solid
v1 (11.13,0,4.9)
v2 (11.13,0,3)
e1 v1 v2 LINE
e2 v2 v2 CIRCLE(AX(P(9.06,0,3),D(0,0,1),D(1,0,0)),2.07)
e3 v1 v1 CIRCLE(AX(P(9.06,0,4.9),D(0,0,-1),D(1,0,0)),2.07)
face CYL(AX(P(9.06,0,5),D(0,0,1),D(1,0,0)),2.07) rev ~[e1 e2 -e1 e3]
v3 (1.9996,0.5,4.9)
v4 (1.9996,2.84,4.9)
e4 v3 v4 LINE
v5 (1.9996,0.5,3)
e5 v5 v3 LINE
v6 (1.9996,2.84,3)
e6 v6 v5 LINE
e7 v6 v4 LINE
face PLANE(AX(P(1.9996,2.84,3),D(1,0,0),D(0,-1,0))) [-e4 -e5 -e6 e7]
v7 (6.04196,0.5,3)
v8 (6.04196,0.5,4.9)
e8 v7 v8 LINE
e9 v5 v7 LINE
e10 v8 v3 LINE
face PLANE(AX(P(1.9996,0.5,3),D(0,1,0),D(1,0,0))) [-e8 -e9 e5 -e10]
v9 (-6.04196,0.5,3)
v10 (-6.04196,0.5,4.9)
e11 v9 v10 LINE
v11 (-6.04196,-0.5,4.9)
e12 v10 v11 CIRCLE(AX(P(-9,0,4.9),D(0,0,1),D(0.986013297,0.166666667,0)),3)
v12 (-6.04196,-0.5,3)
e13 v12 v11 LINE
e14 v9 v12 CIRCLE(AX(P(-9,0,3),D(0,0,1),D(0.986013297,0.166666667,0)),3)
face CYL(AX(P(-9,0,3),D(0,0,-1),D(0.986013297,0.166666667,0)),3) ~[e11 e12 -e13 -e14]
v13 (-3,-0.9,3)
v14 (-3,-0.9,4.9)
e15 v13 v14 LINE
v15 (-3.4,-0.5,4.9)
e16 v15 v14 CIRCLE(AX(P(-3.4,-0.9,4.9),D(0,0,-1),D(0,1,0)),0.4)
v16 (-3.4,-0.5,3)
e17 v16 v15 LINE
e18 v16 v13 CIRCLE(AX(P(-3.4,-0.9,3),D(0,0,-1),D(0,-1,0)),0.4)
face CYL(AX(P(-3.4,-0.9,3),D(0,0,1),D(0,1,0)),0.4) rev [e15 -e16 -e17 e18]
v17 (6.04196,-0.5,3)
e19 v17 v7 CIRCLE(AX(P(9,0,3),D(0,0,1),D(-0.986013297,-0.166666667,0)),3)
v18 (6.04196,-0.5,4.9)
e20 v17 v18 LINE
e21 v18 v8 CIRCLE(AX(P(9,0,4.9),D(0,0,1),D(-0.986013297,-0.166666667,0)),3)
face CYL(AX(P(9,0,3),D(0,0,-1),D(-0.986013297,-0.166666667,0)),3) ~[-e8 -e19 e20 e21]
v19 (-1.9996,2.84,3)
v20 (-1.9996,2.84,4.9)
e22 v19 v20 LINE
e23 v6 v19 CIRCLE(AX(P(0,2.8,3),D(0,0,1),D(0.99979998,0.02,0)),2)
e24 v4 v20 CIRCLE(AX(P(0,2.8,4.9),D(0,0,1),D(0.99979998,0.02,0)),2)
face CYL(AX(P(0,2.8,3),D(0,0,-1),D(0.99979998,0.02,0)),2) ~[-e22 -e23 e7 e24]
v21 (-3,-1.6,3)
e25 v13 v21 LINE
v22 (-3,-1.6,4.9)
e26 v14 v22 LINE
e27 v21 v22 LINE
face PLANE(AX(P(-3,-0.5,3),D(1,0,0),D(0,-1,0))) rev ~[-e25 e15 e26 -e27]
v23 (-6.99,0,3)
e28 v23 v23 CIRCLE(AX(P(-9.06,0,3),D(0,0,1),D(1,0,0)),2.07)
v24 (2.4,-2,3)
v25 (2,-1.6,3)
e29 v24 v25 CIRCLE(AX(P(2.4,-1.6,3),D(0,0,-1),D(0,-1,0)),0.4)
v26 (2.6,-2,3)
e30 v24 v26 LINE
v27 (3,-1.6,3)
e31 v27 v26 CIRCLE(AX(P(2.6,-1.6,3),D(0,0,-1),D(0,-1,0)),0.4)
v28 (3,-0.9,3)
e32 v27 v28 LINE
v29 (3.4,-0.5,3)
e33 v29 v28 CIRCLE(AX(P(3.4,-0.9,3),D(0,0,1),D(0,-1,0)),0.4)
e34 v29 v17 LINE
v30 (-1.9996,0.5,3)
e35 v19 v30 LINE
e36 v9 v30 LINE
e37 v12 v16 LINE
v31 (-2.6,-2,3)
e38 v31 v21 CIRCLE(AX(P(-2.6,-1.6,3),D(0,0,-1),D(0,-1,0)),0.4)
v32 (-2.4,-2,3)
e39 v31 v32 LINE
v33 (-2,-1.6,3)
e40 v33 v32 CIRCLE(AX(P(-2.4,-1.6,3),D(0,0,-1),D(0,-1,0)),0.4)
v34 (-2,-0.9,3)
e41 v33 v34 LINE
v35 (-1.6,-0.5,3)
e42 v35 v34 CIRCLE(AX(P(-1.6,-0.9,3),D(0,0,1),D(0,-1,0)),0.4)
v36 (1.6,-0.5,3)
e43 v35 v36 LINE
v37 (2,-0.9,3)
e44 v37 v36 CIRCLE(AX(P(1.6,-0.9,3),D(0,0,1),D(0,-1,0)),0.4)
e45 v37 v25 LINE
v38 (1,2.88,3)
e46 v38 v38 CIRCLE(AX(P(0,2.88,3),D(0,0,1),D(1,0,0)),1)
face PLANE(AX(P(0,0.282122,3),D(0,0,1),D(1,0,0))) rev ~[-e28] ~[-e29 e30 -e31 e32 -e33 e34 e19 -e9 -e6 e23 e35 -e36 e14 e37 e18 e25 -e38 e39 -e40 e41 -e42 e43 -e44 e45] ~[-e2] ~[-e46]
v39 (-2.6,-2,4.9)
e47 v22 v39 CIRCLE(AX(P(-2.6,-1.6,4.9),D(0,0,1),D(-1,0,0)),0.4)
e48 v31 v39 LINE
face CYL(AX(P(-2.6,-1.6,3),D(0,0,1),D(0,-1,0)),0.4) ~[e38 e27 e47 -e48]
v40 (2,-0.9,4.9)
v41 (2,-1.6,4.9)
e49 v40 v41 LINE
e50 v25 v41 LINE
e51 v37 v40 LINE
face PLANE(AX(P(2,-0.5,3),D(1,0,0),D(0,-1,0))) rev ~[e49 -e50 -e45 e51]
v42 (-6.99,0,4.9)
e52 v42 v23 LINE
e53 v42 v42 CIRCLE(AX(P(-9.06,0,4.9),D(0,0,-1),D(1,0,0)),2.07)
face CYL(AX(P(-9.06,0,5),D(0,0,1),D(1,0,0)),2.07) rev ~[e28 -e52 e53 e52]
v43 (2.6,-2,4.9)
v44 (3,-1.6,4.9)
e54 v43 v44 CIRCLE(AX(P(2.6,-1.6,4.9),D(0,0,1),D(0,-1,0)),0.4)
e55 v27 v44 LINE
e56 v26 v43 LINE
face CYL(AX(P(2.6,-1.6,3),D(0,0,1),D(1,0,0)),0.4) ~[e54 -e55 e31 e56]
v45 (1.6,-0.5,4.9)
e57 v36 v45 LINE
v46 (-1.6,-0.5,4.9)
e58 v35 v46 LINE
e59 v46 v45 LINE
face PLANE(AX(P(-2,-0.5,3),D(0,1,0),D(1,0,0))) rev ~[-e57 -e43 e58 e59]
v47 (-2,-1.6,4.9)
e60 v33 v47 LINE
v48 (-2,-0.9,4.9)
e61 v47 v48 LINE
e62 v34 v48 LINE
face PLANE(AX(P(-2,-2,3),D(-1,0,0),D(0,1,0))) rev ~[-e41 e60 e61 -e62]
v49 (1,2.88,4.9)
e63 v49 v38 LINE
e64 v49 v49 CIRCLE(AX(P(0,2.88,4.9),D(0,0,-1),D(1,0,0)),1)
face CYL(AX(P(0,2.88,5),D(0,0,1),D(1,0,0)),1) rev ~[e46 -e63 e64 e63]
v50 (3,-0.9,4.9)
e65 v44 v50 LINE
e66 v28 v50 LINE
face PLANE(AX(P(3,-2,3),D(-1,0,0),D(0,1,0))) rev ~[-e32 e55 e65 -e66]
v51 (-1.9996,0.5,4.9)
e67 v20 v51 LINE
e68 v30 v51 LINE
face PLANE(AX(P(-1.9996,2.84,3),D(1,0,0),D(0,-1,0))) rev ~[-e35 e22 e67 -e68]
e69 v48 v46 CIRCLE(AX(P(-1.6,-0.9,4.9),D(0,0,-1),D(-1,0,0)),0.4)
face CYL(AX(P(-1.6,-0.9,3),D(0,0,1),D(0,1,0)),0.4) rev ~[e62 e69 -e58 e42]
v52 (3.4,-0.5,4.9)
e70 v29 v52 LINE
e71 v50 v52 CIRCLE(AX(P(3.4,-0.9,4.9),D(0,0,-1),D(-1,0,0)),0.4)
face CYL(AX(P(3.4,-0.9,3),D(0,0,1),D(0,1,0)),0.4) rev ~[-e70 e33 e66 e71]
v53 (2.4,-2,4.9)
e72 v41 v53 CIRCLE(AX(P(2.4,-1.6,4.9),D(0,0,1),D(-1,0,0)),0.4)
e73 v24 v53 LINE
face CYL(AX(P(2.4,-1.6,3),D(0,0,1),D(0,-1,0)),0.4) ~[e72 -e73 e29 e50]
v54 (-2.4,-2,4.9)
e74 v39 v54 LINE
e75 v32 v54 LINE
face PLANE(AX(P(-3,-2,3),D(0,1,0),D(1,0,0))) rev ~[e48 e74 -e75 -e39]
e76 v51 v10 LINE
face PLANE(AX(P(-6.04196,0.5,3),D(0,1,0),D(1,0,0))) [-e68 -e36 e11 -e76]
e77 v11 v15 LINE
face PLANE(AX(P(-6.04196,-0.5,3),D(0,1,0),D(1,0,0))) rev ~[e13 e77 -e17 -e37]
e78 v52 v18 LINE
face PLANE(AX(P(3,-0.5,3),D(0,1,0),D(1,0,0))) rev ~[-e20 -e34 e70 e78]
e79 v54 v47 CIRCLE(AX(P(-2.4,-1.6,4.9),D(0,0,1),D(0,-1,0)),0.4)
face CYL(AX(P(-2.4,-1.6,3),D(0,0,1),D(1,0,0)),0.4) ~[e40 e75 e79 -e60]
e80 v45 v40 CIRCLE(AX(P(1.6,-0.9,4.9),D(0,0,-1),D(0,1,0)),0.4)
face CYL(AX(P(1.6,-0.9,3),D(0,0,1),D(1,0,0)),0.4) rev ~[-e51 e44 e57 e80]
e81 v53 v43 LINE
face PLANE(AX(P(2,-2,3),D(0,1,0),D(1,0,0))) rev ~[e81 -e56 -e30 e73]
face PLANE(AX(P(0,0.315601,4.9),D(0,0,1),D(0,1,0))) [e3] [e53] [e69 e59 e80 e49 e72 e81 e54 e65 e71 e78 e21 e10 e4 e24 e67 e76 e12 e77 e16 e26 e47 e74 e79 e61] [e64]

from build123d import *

# Parameters (mm, degrees)
PAD001_DEPTH        = 2
SKETCH008_R         = 1
POCKET006_DEPTH     = 5
SKETCH010_R         = 2.07
POCKET007_DEPTH     = 2
FILLET002_R         = 0.4
FILLET002_FACE5_R   = 2.07
FILLET002_FACE5_R_2 = 1
POCKET011_DEPTH     = 0.1


with BuildPart() as part:
    # Sketch007 → Pad001 (new body)
    with BuildSketch(Plane.XY):
        with BuildLine():
            ThreePointArc((6.0419601085, -0.5), (12, 0), (6.0419601085, 0.5))
            Line((1.99959996, 0.5), (6.0419601085, 0.5))
            Line((1.99959996, 2.84), (1.99959996, 0.5))
            ThreePointArc((1.99959996, 2.84), (0, 4.8), (-1.99959996, 2.84))
            Line((-1.99959996, 2.84), (-1.99959996, 0.5))
            Line((-6.0419601085, 0.5), (-1.99959996, 0.5))
            ThreePointArc((-6.0419601085, 0.5), (-12, 0), (-6.0419601085, -0.5))
            Line((-6.0419601085, -0.5), (-3, -0.5))
            Line((-3, -0.5), (-3, -2))
            Line((-3, -2), (-2, -2))
            Line((-2, -2), (-2, -0.5))
            Line((-2, -0.5), (2, -0.5))
            Line((2, -0.5), (2, -2))
            Line((2, -2), (3, -2))
            Line((3, -2), (3, -0.5))
            Line((3, -0.5), (6.0419601085, -0.5))
        make_face()
    extrude(amount=PAD001_DEPTH)

    # Sketch008 (on Face18 of Pad001) → Pocket006 (cut)
    with BuildSketch(Plane.XY.offset(2)):
        with Locations((0, 2.88)):
            Circle(SKETCH008_R)
    extrude(amount=-POCKET006_DEPTH, mode=Mode.SUBTRACT)

    # Sketch010 (on Face5 of Pocket006) → Pocket007 (cut)
    with BuildSketch(Plane.XY.offset(2)):
        with Locations((-9.06, 0)):
            Circle(SKETCH010_R)
        with Locations((9.06, 0)):
            Circle(SKETCH010_R)
    extrude(amount=-POCKET007_DEPTH, mode=Mode.SUBTRACT)

    # Fillet002
    fillet002_edges = [part.edges().sort_by_distance(p)[0] for p in [
        (-3, -2, 1),
        (-2, -2, 1),
        (-3, -0.5, 1),
        (-2, -0.5, 1),
        (2, -0.5, 1),
        (2, -2, 1),
        (3, -2, 1),
        (3, -0.5, 1),
    ]]
    fillet(fillet002_edges, radius=FILLET002_R)

    # Fillet002 Face5 → Pocket011 (cut)
    with BuildSketch(Plane(origin=(0, 0.4471888212, 2), x_dir=(0, 1, 0), z_dir=(0, 0, 1))):
        with BuildLine():
            Line((-0.9471888212, 6.0419601085), (-0.9471888212, 3.4))
            ThreePointArc((-0.9471888212, 3.4), (-1.0643461087, 3.1171572875), (-1.3471888212, 3))
            Line((-1.3471888212, 3), (-2.0471888212, 3))
            ThreePointArc((-2.0471888212, 3), (-2.3300315337, 2.8828427125), (-2.4471888212, 2.6))
            Line((-2.4471888212, 2.6), (-2.4471888212, 2.4))
            ThreePointArc((-2.4471888212, 2.4), (-2.3300315337, 2.1171572875), (-2.0471888212, 2))
            Line((-2.0471888212, 2), (-1.3471888212, 2))
            ThreePointArc((-1.3471888212, 2), (-1.0643461087, 1.8828427125), (-0.9471888212, 1.6))
            Line((-0.9471888212, 1.6), (-0.9471888212, -1.6))
            ThreePointArc((-0.9471888212, -1.6), (-1.0643461087, -1.8828427125), (-1.3471888212, -2))
            Line((-1.3471888212, -2), (-2.0471888212, -2))
            ThreePointArc((-2.0471888212, -2), (-2.3300315337, -2.1171572875), (-2.4471888212, -2.4))
            Line((-2.4471888212, -2.4), (-2.4471888212, -2.6))
            ThreePointArc((-2.4471888212, -2.6), (-2.3300315337, -2.8828427125), (-2.0471888212, -3))
            Line((-2.0471888212, -3), (-1.3471888212, -3))
            ThreePointArc((-1.3471888212, -3), (-1.0643461087, -3.1171572875), (-0.9471888212, -3.4))
            Line((-0.9471888212, -3.4), (-0.9471888212, -6.0419601085))
            ThreePointArc((-0.9471888212, -6.0419601085), (-0.4471888212, -12), (0.0528111788, -6.0419601085))
            Line((0.0528111788, -6.0419601085), (0.0528111788, -1.99959996))
            Line((0.0528111788, -1.99959996), (2.3928111788, -1.99959996))
            ThreePointArc((2.3928111788, -1.99959996), (4.3528111788, 0), (2.3928111788, 1.99959996))
            Line((2.3928111788, 1.99959996), (0.0528111788, 1.99959996))
            Line((0.0528111788, 1.99959996), (0.0528111788, 6.0419601085))
            ThreePointArc((0.0528111788, 6.0419601085), (-0.4471888212, 12), (-0.9471888212, 6.0419601085))
        make_face()
        with Locations((-0.4471888212, 9.06)):
            Circle(FILLET002_FACE5_R, mode=Mode.SUBTRACT)
        with Locations((-0.4471888212, -9.06)):
            Circle(FILLET002_FACE5_R, mode=Mode.SUBTRACT)
        with Locations((2.4328111788, 0)):
            Circle(FILLET002_FACE5_R_2, mode=Mode.SUBTRACT)
    extrude(amount=-POCKET011_DEPTH, mode=Mode.SUBTRACT)


with BuildPart() as part_1:
    # Body001 placement: moved
    add(part.part.moved(Location((0, 0, 3))))


solid = part_1.part
